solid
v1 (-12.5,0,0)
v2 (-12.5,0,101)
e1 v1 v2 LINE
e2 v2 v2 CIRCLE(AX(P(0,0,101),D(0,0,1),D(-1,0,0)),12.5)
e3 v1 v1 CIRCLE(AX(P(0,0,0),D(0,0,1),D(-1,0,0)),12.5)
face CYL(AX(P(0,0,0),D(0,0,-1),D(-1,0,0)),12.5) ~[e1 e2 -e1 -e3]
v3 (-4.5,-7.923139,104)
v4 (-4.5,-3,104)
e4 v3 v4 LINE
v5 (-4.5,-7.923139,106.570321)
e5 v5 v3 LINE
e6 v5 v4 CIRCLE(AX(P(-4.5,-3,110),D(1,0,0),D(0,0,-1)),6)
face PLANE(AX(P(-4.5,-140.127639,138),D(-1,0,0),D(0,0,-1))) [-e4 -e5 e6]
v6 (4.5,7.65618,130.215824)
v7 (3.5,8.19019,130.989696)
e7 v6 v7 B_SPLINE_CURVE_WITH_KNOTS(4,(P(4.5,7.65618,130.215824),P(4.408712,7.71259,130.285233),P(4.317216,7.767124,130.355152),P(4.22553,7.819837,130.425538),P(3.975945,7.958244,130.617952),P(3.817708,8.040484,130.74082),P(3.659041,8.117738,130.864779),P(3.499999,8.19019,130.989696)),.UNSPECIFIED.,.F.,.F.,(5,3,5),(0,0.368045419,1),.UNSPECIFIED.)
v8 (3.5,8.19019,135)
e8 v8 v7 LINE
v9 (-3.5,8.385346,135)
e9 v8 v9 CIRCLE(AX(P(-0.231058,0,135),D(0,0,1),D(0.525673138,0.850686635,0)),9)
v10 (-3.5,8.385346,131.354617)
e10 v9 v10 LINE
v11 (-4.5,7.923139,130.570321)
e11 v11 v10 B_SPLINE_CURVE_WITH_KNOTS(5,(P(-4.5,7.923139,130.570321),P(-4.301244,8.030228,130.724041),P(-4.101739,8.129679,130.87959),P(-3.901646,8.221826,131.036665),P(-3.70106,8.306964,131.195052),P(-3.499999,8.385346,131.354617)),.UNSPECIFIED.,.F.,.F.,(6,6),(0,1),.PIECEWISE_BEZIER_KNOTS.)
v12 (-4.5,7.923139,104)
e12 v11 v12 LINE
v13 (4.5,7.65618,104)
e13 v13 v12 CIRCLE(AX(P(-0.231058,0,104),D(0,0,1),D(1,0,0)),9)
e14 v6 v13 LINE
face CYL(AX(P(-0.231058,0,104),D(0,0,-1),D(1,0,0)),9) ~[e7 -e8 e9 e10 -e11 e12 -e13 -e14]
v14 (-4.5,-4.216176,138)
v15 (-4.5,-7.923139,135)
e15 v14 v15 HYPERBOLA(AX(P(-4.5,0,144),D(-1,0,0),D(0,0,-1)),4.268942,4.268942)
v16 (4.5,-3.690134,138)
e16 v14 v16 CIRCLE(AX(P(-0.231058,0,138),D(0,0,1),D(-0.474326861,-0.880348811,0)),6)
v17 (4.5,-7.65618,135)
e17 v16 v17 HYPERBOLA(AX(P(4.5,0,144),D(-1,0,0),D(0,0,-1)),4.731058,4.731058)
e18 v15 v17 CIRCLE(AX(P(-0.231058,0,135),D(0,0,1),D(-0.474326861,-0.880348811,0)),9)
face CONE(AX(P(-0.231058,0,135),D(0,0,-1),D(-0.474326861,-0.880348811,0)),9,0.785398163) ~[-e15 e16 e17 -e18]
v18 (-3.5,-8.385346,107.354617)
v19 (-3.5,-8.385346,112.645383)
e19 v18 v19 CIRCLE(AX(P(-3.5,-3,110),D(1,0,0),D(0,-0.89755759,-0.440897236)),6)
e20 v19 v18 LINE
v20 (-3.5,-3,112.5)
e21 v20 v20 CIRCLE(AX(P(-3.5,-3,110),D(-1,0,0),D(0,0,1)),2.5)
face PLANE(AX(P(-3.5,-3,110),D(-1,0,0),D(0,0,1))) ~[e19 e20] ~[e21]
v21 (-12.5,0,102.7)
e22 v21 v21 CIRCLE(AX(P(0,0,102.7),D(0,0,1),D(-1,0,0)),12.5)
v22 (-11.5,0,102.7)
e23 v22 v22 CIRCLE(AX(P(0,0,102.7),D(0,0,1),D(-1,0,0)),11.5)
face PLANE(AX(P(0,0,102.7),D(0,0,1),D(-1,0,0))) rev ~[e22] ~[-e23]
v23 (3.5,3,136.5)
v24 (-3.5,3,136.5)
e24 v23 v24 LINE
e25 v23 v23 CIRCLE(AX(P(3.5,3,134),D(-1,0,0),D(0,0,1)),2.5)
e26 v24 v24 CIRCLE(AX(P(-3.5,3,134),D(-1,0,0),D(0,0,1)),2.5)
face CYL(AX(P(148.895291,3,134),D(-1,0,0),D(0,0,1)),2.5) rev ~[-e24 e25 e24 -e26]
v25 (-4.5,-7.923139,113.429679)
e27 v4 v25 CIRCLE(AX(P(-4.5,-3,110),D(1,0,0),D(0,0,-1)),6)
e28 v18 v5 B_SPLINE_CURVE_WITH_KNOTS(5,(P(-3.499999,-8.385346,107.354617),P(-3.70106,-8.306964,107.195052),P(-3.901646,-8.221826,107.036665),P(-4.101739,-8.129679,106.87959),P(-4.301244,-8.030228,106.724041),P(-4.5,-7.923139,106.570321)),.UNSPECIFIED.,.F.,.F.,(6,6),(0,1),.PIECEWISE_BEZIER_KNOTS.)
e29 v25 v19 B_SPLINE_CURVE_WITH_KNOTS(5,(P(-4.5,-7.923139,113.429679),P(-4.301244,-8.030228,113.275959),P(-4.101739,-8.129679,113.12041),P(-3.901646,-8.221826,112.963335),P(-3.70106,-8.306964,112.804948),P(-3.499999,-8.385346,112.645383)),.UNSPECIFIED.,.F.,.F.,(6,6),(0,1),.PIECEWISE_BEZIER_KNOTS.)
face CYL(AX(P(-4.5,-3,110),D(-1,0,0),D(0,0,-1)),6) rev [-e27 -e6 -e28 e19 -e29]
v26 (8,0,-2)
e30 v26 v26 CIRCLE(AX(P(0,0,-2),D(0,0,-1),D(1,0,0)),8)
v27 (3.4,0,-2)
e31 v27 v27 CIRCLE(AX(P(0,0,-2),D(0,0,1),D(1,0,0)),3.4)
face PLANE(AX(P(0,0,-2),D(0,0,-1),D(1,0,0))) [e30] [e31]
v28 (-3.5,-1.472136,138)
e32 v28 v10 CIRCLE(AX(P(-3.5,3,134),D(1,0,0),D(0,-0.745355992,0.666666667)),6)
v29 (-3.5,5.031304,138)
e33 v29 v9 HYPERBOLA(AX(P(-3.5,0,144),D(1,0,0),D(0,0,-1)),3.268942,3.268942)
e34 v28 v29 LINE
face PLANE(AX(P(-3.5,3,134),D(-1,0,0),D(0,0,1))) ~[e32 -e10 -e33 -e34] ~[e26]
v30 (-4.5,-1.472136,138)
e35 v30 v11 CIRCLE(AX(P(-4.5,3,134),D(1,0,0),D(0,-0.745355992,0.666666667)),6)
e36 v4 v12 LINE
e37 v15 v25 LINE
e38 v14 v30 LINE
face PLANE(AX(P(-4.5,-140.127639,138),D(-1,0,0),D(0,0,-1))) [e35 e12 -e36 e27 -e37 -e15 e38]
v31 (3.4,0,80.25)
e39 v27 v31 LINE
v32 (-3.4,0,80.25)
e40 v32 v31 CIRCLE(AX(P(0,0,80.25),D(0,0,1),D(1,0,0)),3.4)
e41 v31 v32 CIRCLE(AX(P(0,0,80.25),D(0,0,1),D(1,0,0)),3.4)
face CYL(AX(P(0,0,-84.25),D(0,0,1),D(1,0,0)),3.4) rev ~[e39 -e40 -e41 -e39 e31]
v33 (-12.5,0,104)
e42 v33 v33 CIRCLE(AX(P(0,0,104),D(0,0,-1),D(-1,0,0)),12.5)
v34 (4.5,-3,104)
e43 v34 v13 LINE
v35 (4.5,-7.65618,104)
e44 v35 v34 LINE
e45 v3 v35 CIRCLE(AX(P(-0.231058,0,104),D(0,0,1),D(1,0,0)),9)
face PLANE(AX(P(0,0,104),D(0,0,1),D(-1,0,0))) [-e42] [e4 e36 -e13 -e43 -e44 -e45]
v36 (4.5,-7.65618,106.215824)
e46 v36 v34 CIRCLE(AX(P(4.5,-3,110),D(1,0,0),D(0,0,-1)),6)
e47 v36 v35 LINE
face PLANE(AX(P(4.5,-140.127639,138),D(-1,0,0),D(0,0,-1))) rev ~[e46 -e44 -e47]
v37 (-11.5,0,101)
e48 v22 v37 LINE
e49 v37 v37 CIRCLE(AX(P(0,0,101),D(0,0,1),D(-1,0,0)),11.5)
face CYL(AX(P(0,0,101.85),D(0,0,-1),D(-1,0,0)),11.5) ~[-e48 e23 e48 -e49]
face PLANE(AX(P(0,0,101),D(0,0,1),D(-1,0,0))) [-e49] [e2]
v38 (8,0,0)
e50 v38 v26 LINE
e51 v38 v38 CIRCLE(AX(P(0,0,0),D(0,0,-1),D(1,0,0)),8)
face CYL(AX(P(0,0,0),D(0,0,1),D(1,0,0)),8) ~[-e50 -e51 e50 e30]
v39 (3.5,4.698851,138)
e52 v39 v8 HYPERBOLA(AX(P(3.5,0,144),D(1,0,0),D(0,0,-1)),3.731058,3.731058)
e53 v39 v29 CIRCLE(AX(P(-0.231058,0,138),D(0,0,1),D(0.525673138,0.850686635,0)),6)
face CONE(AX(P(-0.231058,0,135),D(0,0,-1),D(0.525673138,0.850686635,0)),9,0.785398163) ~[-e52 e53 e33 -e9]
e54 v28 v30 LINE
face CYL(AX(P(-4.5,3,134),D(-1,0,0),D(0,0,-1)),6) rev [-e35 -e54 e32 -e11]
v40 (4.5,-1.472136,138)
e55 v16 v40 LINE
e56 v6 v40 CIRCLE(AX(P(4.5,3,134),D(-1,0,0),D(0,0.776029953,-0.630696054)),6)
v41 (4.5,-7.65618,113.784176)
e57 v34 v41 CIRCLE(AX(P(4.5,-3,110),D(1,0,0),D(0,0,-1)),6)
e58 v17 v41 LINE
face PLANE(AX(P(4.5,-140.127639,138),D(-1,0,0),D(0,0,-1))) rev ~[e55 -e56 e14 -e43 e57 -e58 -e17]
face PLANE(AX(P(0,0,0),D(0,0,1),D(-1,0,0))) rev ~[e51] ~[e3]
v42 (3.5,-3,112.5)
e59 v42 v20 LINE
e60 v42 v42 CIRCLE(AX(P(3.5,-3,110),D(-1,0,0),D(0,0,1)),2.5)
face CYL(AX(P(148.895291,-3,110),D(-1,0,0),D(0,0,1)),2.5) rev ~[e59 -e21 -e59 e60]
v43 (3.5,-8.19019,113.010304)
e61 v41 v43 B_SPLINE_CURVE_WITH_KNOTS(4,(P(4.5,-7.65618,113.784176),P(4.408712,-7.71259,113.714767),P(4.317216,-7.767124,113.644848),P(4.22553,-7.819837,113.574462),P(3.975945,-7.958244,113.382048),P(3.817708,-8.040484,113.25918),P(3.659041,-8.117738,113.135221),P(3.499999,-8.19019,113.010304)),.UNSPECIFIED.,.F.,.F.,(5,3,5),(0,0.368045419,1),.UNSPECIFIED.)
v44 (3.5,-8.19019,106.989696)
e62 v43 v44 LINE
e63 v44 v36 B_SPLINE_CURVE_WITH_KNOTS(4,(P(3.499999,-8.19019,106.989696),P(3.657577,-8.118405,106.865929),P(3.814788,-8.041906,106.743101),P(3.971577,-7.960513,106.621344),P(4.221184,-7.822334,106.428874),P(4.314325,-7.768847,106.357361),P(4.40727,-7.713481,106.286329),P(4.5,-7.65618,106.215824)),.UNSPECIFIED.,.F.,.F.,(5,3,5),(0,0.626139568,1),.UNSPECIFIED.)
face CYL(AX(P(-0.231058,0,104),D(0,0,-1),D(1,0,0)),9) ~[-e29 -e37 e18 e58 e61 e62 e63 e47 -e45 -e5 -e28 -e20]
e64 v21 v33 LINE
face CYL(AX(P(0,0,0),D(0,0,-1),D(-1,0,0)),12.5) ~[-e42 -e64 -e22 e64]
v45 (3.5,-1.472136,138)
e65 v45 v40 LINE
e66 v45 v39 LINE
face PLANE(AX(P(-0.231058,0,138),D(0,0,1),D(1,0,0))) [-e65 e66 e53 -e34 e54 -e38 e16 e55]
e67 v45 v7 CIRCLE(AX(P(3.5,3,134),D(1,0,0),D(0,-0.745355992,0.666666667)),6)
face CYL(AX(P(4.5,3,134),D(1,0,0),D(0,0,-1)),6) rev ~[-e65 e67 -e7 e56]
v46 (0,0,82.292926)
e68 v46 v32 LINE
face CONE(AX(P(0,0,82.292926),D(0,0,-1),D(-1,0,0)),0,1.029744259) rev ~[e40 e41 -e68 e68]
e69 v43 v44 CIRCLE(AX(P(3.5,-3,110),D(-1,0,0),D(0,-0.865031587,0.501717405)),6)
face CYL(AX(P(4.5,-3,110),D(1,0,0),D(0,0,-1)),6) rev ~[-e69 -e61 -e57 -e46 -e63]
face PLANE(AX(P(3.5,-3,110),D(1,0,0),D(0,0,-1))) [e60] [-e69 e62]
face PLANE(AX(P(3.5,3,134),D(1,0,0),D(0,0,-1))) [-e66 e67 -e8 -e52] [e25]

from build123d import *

# Parameters (mm, degrees)
SKETCH_1_R               = 12.5
EXTRUDE_1_DEPTH          = 104
SKETCH_6_W               = 1
SKETCH_6_H               = 1.7
SKETCH_7_R               = 8
EXTRUDE_2_DEPTH          = 2
HOLE_WIZARD_M8_1_D       = 6.8
HOLE_WIZARD_M8_1_DEPTH   = 82.25
HOLE_WIZARD_M8_1_TIP     = 2.042926105
SKETCH_9_R               = 9
EXTRUDE_3_DEPTH          = 34
CUT_EXTRUDE_1_DEPTH      = 140.127639238
CUT_EXTRUDE_1_DEPTH_BACK = 140.127639238
SKETCH_8_W               = 34
SKETCH_8_H               = 10.443945465
CHAMFER_1_SIZE           = 3
HOLE_WIZARD_5_0_5_1_D    = 5
SKETCH_13_R              = 6
CUT_EXTRUDE_3_DEPTH      = 1


with BuildPart() as part:
    # 草图1 → 凸台-拉伸1 (new body)
    with BuildSketch(Plane.XY):
        with Locations(Location((0, 0, 0), (0, 0, 180))):
            Circle(SKETCH_1_R)
    extrude(amount=EXTRUDE_1_DEPTH)

    # 草图6 → 切除-旋转1 (revolve, cut)
    with BuildSketch(Plane(origin=(0, 0, 0), x_dir=(1, 0, 0), z_dir=(0, 1, 0))):
        with Locations((-12, -101.85)):
            Rectangle(SKETCH_6_W, SKETCH_6_H)
    revolve(axis=Axis((0, 0, 0), (0, 0, 1)), mode=Mode.SUBTRACT)

    # 草图7 → 凸台-拉伸2 (add)
    with BuildSketch(Plane(origin=(0, 0, 0), x_dir=(-1, 0, 0), z_dir=(0, 0, -1))):
        with Locations(Location((0, 0, 0), (0, 0, 180))):
            Circle(SKETCH_7_R)
    extrude(amount=EXTRUDE_2_DEPTH)

    # M8 螺纹孔1
    with Locations(Plane(origin=(0, 0, -2), x_dir=(-1, 0, 0), z_dir=(0, 0, -1))):
        with Locations((0, 0)):
            Hole(HOLE_WIZARD_M8_1_D / 2, depth=HOLE_WIZARD_M8_1_DEPTH)
            with Locations((0, 0, -(HOLE_WIZARD_M8_1_DEPTH + HOLE_WIZARD_M8_1_TIP / 2))):  # 118° drill point
                Cone(0, HOLE_WIZARD_M8_1_D / 2, HOLE_WIZARD_M8_1_TIP, mode=Mode.SUBTRACT)

    # 草图9 → 凸台-拉伸3 (add)
    with BuildSketch(Plane.XY.offset(104)):
        with Locations((-0.231058247, 0)):
            Circle(SKETCH_9_R)
    extrude(amount=EXTRUDE_3_DEPTH)

    # 草图8 → 切除-拉伸1 (cut, two sides: drawn at the far end of the back side and taken through both)
    with BuildSketch(Plane(origin=(0, 0, 0), x_dir=(0, 0, -1), z_dir=(0, 1, 0)).offset(-CUT_EXTRUDE_1_DEPTH_BACK)):
        with Locations((-121, 9.721972732)):
            Rectangle(SKETCH_8_W, SKETCH_8_H)
        with Locations((-121, -9.721972732)):
            Rectangle(SKETCH_8_W, SKETCH_8_H)
    extrude(amount=CUT_EXTRUDE_1_DEPTH + CUT_EXTRUDE_1_DEPTH_BACK, mode=Mode.SUBTRACT)

    # 倒角1
    chamfer_1_edges = [part.edges().sort_by_distance(p)[0] for p in [
        (0.035783968, -8.99604331, 138),
        (0.035783968, 8.99604331, 138),
    ]]
    chamfer(chamfer_1_edges, length=CHAMFER_1_SIZE)

    # Ø5.0 (5) 直径孔1 (through all)
    with Locations(Plane(origin=(4.5, 0, 0), x_dir=(0, 0, -1), z_dir=(1, 0, 0))):
        with Locations((-110, -3), (-134, 3)):
            Hole(HOLE_WIZARD_5_0_5_1_D / 2)

    # 草图13 → 切除-拉伸3 (cut)
    with BuildSketch(Plane(origin=(4.5, 0, 0), x_dir=(0, 0, -1), z_dir=(1, 0, 0))):
        with Locations((-134, 3)):
            Circle(SKETCH_13_R)
        with Locations((-110, -3)):
            Circle(SKETCH_13_R)
    cut_extrude_3 = extrude(amount=-CUT_EXTRUDE_3_DEPTH, mode=Mode.SUBTRACT)

    # 镜向1: 切除-拉伸3 across plane
    add(cut_extrude_3.mirror(Plane(origin=(0, 0, 0), x_dir=(0, 0, 1), z_dir=(1, 0, 0))), mode=Mode.SUBTRACT)


solid = part.part
